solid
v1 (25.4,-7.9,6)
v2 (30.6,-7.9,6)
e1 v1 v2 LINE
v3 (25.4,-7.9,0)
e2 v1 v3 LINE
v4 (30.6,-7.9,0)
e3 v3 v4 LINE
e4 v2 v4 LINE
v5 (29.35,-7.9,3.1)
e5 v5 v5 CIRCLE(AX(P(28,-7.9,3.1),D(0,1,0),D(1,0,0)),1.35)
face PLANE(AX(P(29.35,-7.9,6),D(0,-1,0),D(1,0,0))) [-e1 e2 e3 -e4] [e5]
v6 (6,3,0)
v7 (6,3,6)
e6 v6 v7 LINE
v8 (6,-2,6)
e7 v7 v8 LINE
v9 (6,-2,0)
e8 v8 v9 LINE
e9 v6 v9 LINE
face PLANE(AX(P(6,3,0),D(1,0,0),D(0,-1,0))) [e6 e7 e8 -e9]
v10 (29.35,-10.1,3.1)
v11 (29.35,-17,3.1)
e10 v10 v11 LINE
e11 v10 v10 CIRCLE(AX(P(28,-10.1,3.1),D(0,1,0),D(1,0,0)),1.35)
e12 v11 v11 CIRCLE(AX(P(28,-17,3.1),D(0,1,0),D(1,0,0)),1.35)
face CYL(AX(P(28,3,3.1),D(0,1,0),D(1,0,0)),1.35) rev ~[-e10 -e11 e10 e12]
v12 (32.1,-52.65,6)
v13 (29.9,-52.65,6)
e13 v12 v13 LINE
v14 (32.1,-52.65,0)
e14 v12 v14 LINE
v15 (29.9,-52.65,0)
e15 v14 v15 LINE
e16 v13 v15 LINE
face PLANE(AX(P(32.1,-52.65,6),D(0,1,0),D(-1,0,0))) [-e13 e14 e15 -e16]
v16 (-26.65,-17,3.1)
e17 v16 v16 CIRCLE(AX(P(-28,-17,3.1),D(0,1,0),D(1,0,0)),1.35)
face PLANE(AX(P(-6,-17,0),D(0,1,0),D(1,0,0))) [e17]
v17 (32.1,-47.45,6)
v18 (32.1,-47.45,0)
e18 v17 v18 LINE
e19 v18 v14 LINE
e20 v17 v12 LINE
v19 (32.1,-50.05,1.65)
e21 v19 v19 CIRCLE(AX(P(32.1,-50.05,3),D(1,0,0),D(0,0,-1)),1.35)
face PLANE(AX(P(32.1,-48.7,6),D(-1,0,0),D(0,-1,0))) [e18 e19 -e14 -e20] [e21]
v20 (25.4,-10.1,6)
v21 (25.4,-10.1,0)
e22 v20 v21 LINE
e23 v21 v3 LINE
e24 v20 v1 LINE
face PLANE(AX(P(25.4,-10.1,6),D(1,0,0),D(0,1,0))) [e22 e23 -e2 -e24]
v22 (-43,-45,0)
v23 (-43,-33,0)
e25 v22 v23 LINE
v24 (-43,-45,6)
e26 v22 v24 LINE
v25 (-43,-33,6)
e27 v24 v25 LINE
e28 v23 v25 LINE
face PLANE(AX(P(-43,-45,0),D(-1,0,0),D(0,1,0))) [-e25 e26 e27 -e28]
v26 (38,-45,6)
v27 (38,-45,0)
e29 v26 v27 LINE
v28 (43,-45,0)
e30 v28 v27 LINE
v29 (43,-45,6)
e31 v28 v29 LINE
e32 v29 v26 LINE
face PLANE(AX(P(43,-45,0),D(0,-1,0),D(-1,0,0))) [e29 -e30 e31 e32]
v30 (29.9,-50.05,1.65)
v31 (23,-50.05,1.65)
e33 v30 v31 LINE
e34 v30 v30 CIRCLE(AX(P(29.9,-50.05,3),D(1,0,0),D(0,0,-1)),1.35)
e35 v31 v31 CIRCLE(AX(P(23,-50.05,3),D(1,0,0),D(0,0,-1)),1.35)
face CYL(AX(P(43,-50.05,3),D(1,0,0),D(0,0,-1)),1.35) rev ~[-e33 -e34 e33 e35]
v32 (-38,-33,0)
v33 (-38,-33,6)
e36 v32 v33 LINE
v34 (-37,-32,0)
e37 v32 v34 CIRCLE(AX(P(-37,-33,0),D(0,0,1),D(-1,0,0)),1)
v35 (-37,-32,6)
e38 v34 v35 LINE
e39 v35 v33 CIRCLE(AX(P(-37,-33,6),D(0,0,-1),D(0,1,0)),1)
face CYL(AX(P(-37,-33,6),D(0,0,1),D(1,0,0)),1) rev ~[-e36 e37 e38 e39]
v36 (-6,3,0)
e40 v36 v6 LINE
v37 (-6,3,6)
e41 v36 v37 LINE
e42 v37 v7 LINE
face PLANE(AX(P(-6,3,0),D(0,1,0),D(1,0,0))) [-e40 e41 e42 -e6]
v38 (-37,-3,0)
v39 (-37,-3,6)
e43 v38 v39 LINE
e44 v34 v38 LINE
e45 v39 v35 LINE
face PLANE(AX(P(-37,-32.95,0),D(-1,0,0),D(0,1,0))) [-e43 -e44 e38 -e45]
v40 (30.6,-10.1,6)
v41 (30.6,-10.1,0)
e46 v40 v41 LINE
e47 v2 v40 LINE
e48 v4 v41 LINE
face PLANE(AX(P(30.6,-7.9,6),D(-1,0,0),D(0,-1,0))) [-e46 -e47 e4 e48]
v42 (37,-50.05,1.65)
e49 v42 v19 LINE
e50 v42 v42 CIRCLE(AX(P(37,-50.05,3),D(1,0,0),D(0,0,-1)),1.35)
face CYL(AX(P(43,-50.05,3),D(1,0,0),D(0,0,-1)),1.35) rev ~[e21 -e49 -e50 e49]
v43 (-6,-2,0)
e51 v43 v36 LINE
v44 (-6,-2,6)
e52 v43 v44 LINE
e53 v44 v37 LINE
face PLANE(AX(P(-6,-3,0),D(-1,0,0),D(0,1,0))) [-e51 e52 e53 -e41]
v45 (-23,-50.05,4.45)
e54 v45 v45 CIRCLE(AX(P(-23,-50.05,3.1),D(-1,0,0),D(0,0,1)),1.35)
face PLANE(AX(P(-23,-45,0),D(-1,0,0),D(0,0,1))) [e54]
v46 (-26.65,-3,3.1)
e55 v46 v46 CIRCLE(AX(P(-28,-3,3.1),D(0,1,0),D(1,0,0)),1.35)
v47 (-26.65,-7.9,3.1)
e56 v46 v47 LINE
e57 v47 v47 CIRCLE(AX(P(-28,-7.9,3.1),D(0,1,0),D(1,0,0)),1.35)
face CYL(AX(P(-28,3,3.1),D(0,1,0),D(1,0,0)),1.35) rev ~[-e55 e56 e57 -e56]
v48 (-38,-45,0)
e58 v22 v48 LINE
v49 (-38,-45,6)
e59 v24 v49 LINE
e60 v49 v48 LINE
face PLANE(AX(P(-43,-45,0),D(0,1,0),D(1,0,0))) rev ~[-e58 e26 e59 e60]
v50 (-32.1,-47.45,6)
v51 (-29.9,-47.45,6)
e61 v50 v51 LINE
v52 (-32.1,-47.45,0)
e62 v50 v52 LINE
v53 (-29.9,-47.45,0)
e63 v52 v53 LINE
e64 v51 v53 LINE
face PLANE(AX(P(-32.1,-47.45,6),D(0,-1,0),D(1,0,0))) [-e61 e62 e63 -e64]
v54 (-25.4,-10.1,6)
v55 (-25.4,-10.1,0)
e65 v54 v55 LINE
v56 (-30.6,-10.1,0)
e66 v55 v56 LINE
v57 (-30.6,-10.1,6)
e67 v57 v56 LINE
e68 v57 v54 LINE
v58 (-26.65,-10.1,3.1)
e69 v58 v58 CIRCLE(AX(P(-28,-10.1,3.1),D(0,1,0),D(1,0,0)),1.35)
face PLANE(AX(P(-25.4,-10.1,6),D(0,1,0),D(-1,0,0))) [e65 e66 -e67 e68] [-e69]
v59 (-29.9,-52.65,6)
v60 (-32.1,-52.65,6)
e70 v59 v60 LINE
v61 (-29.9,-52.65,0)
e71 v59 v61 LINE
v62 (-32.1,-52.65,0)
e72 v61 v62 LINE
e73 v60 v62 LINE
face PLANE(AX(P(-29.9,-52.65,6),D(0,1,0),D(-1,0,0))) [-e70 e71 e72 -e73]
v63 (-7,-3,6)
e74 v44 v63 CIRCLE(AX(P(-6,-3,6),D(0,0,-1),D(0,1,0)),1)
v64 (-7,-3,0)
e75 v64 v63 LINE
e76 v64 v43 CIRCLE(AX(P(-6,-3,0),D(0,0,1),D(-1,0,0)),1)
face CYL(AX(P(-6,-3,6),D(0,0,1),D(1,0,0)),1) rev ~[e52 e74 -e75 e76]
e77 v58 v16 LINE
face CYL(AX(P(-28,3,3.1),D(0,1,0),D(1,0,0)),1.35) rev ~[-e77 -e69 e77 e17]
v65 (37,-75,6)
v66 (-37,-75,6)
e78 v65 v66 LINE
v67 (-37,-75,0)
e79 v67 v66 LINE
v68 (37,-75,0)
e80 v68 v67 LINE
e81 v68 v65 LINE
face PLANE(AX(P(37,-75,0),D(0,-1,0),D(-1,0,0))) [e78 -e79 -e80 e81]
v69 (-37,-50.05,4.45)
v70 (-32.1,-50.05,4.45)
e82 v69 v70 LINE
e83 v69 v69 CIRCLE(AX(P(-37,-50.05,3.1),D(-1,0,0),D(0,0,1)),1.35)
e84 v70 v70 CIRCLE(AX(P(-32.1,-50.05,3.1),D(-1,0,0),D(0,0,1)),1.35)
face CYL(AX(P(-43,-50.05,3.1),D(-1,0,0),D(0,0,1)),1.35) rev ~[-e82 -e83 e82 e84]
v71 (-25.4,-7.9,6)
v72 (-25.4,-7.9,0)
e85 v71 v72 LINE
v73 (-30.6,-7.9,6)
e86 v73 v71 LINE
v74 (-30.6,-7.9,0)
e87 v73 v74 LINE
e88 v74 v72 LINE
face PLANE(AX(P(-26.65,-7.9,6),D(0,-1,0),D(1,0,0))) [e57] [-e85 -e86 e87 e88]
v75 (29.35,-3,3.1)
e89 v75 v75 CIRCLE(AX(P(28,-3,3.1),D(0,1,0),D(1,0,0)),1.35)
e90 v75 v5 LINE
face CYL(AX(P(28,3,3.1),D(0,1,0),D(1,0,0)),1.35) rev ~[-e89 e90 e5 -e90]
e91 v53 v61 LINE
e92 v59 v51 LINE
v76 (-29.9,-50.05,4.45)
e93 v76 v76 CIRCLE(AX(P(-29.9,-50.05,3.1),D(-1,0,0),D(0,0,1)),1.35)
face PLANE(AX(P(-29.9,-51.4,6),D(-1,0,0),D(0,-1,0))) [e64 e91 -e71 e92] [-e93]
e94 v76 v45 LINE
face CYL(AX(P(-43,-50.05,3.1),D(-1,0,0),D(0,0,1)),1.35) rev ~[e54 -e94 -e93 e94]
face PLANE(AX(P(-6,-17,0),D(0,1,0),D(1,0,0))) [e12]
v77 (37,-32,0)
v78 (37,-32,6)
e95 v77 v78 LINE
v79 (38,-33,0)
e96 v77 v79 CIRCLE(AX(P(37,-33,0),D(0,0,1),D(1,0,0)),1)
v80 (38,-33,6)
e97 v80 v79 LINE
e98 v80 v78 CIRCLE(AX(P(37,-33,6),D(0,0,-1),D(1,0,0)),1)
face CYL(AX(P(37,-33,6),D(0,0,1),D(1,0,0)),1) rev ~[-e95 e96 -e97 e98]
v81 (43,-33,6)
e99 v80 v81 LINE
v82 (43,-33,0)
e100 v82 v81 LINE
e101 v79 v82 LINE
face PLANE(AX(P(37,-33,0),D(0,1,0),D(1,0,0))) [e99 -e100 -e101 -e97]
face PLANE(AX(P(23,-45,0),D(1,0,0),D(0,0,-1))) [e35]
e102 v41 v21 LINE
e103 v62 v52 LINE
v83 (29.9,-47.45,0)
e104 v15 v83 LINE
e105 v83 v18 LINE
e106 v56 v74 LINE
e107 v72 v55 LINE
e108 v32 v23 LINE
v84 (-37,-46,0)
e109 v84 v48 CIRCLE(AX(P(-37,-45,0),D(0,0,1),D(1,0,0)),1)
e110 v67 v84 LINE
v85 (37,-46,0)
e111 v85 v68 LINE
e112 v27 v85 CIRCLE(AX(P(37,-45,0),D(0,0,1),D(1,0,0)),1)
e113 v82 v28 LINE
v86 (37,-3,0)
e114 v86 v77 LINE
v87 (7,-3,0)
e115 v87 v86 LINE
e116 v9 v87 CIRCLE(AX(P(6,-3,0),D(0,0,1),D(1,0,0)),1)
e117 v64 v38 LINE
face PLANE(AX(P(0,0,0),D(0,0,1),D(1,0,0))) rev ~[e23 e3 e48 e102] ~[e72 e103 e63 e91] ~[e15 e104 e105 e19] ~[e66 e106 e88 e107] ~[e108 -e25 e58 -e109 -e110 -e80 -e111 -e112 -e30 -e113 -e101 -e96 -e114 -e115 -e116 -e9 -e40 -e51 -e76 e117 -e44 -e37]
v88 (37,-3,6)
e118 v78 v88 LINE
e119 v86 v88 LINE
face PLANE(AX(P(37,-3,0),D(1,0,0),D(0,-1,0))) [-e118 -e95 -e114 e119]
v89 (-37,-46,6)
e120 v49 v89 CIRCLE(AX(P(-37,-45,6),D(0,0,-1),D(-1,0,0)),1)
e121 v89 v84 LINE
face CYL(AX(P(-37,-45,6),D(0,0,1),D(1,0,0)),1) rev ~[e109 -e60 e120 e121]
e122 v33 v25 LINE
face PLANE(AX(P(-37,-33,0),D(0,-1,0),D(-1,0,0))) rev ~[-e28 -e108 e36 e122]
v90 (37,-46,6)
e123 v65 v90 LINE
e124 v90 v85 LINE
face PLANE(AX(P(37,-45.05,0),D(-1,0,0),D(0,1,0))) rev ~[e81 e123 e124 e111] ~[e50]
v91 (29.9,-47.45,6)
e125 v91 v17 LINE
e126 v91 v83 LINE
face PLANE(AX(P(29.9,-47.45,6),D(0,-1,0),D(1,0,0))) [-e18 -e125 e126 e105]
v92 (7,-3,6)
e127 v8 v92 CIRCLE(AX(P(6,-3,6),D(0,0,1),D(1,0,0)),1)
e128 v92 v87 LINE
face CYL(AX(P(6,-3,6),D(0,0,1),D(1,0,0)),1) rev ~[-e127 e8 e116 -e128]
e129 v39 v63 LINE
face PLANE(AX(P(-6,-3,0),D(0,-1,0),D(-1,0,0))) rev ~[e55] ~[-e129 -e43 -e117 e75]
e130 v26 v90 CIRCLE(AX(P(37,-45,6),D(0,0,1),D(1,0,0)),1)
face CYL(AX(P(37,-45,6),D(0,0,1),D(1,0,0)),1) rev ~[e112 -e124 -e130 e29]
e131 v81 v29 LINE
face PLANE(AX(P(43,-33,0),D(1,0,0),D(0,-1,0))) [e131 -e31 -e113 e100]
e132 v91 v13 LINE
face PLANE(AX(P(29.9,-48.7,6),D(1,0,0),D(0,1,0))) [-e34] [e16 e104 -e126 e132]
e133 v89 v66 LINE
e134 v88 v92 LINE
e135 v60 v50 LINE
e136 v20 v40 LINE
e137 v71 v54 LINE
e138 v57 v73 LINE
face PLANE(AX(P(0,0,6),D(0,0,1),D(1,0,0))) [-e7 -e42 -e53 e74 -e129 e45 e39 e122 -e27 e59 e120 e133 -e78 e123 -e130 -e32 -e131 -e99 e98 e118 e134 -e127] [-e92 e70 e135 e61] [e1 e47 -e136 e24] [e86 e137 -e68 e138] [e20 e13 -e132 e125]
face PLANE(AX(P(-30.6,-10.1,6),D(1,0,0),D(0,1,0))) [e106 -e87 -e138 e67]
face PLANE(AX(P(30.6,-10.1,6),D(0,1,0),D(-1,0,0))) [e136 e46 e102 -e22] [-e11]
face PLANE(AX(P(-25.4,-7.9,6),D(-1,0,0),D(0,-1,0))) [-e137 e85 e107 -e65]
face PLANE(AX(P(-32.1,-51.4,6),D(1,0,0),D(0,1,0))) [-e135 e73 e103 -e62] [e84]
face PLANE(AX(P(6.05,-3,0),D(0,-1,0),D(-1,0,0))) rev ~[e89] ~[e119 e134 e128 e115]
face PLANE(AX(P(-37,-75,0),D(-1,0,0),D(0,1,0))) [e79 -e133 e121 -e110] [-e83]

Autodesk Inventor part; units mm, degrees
ref_plane "YZ Plane" through (0, 0, 0) normal (1, 0, 0) x (0, 1, 0)
ref_plane "XZ Plane" through (0, 0, 0) normal (0, 1, 0) x (-1, 0, 0)
ref_plane "XY Plane" through (0, 0, 0) normal (0, 0, 1) x (1, 0, 0)
sketch "스케치1" plane through (0, 0, 0) normal (0, 0, 1) x (1, 0, 0)
  line L0 (-6.05, -3) -> (-6.05, 3) projected
  line L1 (6.05, -3) -> (-6.05, -3) projected
  line L2 (6.05, 3) -> (6.05, -3) projected
  line L3 (-6.05, 3) -> (6.05, 3) projected
  line L4 (6.05, 3) -> (6.05, -3) projected
  line L5 (6.05, -3) -> (43, -3) projected
  line L6 (43, 3) -> (43, -3) projected
  line L7 (6.05, 3) -> (43, 3) projected
  circle A0 centre (20, 0) radius 1.35 projected
  circle A1 centre (-20, 0) radius 1.35 projected
  line L8 (-6.05, -3) -> (-6.05, 3) projected
  line L9 (-6.05, 3) -> (-43, 3) projected
  line L10 (-43, -3) -> (-43, 3) projected
  line L11 (-6.05, -3) -> (-43, -3) projected
  line L12 (-43, -32.95) -> (-37, -32.95) projected
  line L13 (-37, -32.95) -> (-37, -3) projected
  line L14 (-37, -3) -> (-43, -3) projected
  line L15 (-43, -3) -> (-43, -32.95) projected
  line L16 (-43, -45.05) -> (-43, -32.95) projected
  line L17 (-37, -45.05) -> (-43, -45.05) projected
  line L18 (-37, -32.95) -> (-37, -45.05) projected
  line L19 (-43, -32.95) -> (-37, -32.95) projected
  line L20 (-37, -45.05) -> (-43, -45.05) projected
  line L21 (-43, -45.05) -> (-43, -75) projected
  line L22 (-43, -75) -> (-37, -75) projected
  line L23 (-37, -75) -> (-37, -45.05) projected
  line L24 (37, -32.95) -> (43, -32.95) projected
  line L25 (43, -32.95) -> (43, -3) projected
  line L26 (43, -3) -> (37, -3) projected
  line L27 (37, -3) -> (37, -32.95) projected
  line L28 (37, -45.05) -> (37, -32.95) projected
  line L29 (43, -45.05) -> (37, -45.05) projected
  line L30 (43, -32.95) -> (43, -45.05) projected
  line L31 (37, -32.95) -> (43, -32.95) projected
  line L32 (43, -45.05) -> (37, -45.05) projected
  line L33 (37, -45.05) -> (37, -75) projected
  line L34 (37, -75) -> (43, -75) projected
  line L35 (43, -75) -> (43, -45.05) projected
  line L36 (-37, -3) -> (37, -3)
  line L37 (37, -3) -> (37, -75)
  line L38 (37, -75) -> (-37, -75)
  line L39 (-37, -75) -> (-37, -3)
  line L40 (6, -3) -> (-6, -3)
  line L41 (-6, -3) -> (-6, 3)
  line L42 (-6, 3) -> (6, 3)
  line L43 (6, 3) -> (6, -3)
  line L44 (37, -33) -> (43, -33)
  line L45 (43, -33) -> (43, -45)
  line L46 (43, -45) -> (37, -45)
  line L47 (37, -45) -> (37, -33)
  line L48 (-37, -33) -> (-43, -33)
  line L49 (-43, -33) -> (-43, -45)
  line L50 (-43, -45) -> (-37, -45)
  line L51 (-37, -45) -> (-37, -33)
  point P0 (0, 0)
  dimension "d0" = 12
  dimension "d1" = 6
  dimension "d2" = 6
  dimension "d3" = 12
  dimension "d4" = 6
  dimension "d5" = 12
extrude "돌출1" add sketch "스케치1" along normal blind 6 contours L1 L5 L27 L28 L33 L38 L23 L18 L13 L11 | L41 L3 L43 L1 | L18 L50 L16 L48 | L44 L30 L46 L28
sketch "스케치2" plane through (-6, 3, 0) normal (0, 1, 0) x (1, 0, 0)
  circle A0 centre (34, -3.1) radius 1.35 projected
  circle A1 centre (-22, -3.1) radius 1.35 projected
  circle A2 centre (34, -3.1) radius 1.35
  circle A3 centre (-22, -3.1) radius 1.35
  point P0 (6, 0)
extrude "돌출2" cut sketch "스케치2" against normal blind 20
sketch "스케치3" plane through (-43, -45, 0) normal (-1, 0, 0) x (0, 0, 1)
  circle A0 centre (3.1, -5.05) radius 1.35 projected
  circle A1 centre (3.1, -5.05) radius 1.35
  point P0 (0, 45)
extrude "돌출3" cut sketch "스케치3" against normal blind 20
sketch "스케치4" plane through (43, -45, 0) normal (1, 0, 0) x (0, 0, -1)
  circle A0 centre (-3, -5.05) radius 1.35 projected
  circle A1 centre (-3, -5.05) radius 1.35
  point P0 (0, 45)
extrude "돌출4" cut sketch "스케치4" against normal blind 20
sketch "스케치5" plane through (0, 0, 6) normal (0, 0, 1) x (1, 0, 0)
  line L0 (37, -48.7) -> (23, -48.7) projected
  line L1 (37, -51.4) -> (23, -51.4) projected
  line L2 (-37, -51.4) -> (-23, -51.4) projected
  line L3 (-37, -48.7) -> (-23, -48.7) projected
  line L4 (-26.65, -3) -> (-26.65, -17) projected
  line L5 (-29.35, -3) -> (-29.35, -17) projected
  line L6 (29.35, -3) -> (29.35, -17) projected
  line L7 (26.65, -3) -> (26.65, -17) projected
  line L8 (31, -51.4) -> (31, -48.7)
  line L9 (-31, -51.4) -> (-31, -48.7)
  line L10 (29.35, -9) -> (26.65, -9)
  line L11 (-26.65, -9) -> (-29.35, -9)
  line L12 (25.4, -7.9) -> (30.6, -7.9)
  line L13 (30.6, -7.9) -> (30.6, -10.1)
  line L14 (30.6, -10.1) -> (25.4, -10.1)
  line L15 (25.4, -10.1) -> (25.4, -7.9)
  line L16 (25.4, -7.9) -> (30.6, -10.1) construction
  line L17 (30.6, -7.9) -> (25.4, -10.1) construction
  line L18 (29.9, -47.45) -> (32.1, -47.45)
  line L19 (32.1, -47.45) -> (32.1, -52.65)
  line L20 (32.1, -52.65) -> (29.9, -52.65)
  line L21 (29.9, -52.65) -> (29.9, -47.45)
  line L22 (29.9, -47.45) -> (32.1, -52.65) construction
  line L23 (32.1, -47.45) -> (29.9, -52.65) construction
  line L24 (-30.6, -7.9) -> (-25.4, -7.9)
  line L25 (-25.4, -7.9) -> (-25.4, -10.1)
  line L26 (-25.4, -10.1) -> (-30.6, -10.1)
  line L27 (-30.6, -10.1) -> (-30.6, -7.9)
  line L28 (-30.6, -7.9) -> (-25.4, -10.1) construction
  line L29 (-25.4, -7.9) -> (-30.6, -10.1) construction
  line L30 (-32.1, -47.45) -> (-29.9, -47.45)
  line L31 (-29.9, -47.45) -> (-29.9, -52.65)
  line L32 (-29.9, -52.65) -> (-32.1, -52.65)
  line L33 (-32.1, -52.65) -> (-32.1, -47.45)
  line L34 (-32.1, -47.45) -> (-29.9, -52.65) construction
  line L35 (-29.9, -47.45) -> (-32.1, -52.65) construction
  point P0 (0, 0)
  point P1 (28, -9)
  point P2 (31, -50.05)
  point P3 (-28, -9)
  point P4 (-31, -50.05)
  dimension "d14" = 5.2
  dimension "d15" = 2.2
  dimension "d16" = 2.2
  dimension "d17" = 5.2
  dimension "d18" = 5.2
  dimension "d19" = 2.2
  dimension "d20" = 2.2
  dimension "d21" = 5.2
extrude "돌출5" cut sketch "스케치5" against normal blind 20
sketch "스케치6" plane through (0, 0, 6) normal (0, 0, 1) x (1, 0, 0)
  line L0 (-32.1, -52.65) -> (-32.1, -47.45) projected
  line L1 (-32.1, -47.45) -> (-29.9, -47.45) projected
  line L2 (-29.9, -47.45) -> (-29.9, -52.65) projected
  line L3 (-29.9, -52.65) -> (-32.1, -52.65) projected
  line L4 (29.9, -52.65) -> (29.9, -47.45) projected
  line L5 (29.9, -47.45) -> (32.1, -47.45) projected
  line L6 (32.1, -47.45) -> (32.1, -52.65) projected
  line L7 (32.1, -52.65) -> (29.9, -52.65) projected
  line L8 (-30.6, -7.9) -> (-25.4, -7.9) projected
  line L9 (-25.4, -7.9) -> (-25.4, -10.1) projected
  line L10 (-25.4, -10.1) -> (-30.6, -10.1) projected
  line L11 (-30.6, -10.1) -> (-30.6, -7.9) projected
  line L12 (30.6, -10.1) -> (25.4, -10.1) projected
  line L13 (25.4, -10.1) -> (25.4, -7.9) projected
  line L14 (25.4, -7.9) -> (30.6, -7.9) projected
  line L15 (30.6, -7.9) -> (30.6, -10.1) projected
  line L16 (37, -75) -> (37, -45) projected
  line L17 (37, -45) -> (43, -45) projected
  line L18 (43, -45) -> (43, -33) projected
  line L19 (43, -33) -> (37, -33) projected
  line L20 (37, -33) -> (37, -3) projected
  line L21 (37, -3) -> (6, -3) projected
  line L22 (6, -3) -> (6, 3) projected
  line L23 (6, 3) -> (-6, 3) projected
  line L24 (-6, 3) -> (-6, -3) projected
  line L25 (-6, -3) -> (-37, -3) projected
  line L26 (-37, -3) -> (-37, -33) projected
  line L27 (-37, -33) -> (-43, -33) projected
  line L28 (-43, -33) -> (-43, -45) projected
  line L29 (-43, -45) -> (-37, -45) projected
  line L30 (-37, -45) -> (-37, -75) projected
  line L31 (-37, -75) -> (37, -75) projected
  circle A0 centre (6, -3) radius 1
  circle A1 centre (-6, -3) radius 1
  circle A2 centre (37, -33) radius 1
  circle A3 centre (37, -45) radius 1
  circle A4 centre (-37, -33) radius 1
  circle A5 centre (-37, -45) radius 1
  point P0 (0, 0)
  point P1 (38, -45)
  point P2 (37, -46)
  point P3 (-37, -46)
  point P4 (-38, -45)
  point P5 (6, -2)
  point P6 (7, -3)
  dimension "d24" = 2
  dimension "d25" = 2
  dimension "d26" = 2
  dimension "d27" = 2
  dimension "d28" = 2
  dimension "d29" = 2
extrude "돌출6" cut sketch "스케치6" against normal through all contours A3 L17 L16 | L30 L29 A5 | A2 L20 L19 | L19 L20 A2 | A4 L26 L27 | L27 L26 A4 | A0 L22 L21 | A1 L24 L25 | L25 L24 A1 picked at (36.339, -44.9727) picked at (-37.1584, -44.3574) picked at (5.6614, -3.5683)
properties part number "overhead" material "PMMA 플라스틱"
